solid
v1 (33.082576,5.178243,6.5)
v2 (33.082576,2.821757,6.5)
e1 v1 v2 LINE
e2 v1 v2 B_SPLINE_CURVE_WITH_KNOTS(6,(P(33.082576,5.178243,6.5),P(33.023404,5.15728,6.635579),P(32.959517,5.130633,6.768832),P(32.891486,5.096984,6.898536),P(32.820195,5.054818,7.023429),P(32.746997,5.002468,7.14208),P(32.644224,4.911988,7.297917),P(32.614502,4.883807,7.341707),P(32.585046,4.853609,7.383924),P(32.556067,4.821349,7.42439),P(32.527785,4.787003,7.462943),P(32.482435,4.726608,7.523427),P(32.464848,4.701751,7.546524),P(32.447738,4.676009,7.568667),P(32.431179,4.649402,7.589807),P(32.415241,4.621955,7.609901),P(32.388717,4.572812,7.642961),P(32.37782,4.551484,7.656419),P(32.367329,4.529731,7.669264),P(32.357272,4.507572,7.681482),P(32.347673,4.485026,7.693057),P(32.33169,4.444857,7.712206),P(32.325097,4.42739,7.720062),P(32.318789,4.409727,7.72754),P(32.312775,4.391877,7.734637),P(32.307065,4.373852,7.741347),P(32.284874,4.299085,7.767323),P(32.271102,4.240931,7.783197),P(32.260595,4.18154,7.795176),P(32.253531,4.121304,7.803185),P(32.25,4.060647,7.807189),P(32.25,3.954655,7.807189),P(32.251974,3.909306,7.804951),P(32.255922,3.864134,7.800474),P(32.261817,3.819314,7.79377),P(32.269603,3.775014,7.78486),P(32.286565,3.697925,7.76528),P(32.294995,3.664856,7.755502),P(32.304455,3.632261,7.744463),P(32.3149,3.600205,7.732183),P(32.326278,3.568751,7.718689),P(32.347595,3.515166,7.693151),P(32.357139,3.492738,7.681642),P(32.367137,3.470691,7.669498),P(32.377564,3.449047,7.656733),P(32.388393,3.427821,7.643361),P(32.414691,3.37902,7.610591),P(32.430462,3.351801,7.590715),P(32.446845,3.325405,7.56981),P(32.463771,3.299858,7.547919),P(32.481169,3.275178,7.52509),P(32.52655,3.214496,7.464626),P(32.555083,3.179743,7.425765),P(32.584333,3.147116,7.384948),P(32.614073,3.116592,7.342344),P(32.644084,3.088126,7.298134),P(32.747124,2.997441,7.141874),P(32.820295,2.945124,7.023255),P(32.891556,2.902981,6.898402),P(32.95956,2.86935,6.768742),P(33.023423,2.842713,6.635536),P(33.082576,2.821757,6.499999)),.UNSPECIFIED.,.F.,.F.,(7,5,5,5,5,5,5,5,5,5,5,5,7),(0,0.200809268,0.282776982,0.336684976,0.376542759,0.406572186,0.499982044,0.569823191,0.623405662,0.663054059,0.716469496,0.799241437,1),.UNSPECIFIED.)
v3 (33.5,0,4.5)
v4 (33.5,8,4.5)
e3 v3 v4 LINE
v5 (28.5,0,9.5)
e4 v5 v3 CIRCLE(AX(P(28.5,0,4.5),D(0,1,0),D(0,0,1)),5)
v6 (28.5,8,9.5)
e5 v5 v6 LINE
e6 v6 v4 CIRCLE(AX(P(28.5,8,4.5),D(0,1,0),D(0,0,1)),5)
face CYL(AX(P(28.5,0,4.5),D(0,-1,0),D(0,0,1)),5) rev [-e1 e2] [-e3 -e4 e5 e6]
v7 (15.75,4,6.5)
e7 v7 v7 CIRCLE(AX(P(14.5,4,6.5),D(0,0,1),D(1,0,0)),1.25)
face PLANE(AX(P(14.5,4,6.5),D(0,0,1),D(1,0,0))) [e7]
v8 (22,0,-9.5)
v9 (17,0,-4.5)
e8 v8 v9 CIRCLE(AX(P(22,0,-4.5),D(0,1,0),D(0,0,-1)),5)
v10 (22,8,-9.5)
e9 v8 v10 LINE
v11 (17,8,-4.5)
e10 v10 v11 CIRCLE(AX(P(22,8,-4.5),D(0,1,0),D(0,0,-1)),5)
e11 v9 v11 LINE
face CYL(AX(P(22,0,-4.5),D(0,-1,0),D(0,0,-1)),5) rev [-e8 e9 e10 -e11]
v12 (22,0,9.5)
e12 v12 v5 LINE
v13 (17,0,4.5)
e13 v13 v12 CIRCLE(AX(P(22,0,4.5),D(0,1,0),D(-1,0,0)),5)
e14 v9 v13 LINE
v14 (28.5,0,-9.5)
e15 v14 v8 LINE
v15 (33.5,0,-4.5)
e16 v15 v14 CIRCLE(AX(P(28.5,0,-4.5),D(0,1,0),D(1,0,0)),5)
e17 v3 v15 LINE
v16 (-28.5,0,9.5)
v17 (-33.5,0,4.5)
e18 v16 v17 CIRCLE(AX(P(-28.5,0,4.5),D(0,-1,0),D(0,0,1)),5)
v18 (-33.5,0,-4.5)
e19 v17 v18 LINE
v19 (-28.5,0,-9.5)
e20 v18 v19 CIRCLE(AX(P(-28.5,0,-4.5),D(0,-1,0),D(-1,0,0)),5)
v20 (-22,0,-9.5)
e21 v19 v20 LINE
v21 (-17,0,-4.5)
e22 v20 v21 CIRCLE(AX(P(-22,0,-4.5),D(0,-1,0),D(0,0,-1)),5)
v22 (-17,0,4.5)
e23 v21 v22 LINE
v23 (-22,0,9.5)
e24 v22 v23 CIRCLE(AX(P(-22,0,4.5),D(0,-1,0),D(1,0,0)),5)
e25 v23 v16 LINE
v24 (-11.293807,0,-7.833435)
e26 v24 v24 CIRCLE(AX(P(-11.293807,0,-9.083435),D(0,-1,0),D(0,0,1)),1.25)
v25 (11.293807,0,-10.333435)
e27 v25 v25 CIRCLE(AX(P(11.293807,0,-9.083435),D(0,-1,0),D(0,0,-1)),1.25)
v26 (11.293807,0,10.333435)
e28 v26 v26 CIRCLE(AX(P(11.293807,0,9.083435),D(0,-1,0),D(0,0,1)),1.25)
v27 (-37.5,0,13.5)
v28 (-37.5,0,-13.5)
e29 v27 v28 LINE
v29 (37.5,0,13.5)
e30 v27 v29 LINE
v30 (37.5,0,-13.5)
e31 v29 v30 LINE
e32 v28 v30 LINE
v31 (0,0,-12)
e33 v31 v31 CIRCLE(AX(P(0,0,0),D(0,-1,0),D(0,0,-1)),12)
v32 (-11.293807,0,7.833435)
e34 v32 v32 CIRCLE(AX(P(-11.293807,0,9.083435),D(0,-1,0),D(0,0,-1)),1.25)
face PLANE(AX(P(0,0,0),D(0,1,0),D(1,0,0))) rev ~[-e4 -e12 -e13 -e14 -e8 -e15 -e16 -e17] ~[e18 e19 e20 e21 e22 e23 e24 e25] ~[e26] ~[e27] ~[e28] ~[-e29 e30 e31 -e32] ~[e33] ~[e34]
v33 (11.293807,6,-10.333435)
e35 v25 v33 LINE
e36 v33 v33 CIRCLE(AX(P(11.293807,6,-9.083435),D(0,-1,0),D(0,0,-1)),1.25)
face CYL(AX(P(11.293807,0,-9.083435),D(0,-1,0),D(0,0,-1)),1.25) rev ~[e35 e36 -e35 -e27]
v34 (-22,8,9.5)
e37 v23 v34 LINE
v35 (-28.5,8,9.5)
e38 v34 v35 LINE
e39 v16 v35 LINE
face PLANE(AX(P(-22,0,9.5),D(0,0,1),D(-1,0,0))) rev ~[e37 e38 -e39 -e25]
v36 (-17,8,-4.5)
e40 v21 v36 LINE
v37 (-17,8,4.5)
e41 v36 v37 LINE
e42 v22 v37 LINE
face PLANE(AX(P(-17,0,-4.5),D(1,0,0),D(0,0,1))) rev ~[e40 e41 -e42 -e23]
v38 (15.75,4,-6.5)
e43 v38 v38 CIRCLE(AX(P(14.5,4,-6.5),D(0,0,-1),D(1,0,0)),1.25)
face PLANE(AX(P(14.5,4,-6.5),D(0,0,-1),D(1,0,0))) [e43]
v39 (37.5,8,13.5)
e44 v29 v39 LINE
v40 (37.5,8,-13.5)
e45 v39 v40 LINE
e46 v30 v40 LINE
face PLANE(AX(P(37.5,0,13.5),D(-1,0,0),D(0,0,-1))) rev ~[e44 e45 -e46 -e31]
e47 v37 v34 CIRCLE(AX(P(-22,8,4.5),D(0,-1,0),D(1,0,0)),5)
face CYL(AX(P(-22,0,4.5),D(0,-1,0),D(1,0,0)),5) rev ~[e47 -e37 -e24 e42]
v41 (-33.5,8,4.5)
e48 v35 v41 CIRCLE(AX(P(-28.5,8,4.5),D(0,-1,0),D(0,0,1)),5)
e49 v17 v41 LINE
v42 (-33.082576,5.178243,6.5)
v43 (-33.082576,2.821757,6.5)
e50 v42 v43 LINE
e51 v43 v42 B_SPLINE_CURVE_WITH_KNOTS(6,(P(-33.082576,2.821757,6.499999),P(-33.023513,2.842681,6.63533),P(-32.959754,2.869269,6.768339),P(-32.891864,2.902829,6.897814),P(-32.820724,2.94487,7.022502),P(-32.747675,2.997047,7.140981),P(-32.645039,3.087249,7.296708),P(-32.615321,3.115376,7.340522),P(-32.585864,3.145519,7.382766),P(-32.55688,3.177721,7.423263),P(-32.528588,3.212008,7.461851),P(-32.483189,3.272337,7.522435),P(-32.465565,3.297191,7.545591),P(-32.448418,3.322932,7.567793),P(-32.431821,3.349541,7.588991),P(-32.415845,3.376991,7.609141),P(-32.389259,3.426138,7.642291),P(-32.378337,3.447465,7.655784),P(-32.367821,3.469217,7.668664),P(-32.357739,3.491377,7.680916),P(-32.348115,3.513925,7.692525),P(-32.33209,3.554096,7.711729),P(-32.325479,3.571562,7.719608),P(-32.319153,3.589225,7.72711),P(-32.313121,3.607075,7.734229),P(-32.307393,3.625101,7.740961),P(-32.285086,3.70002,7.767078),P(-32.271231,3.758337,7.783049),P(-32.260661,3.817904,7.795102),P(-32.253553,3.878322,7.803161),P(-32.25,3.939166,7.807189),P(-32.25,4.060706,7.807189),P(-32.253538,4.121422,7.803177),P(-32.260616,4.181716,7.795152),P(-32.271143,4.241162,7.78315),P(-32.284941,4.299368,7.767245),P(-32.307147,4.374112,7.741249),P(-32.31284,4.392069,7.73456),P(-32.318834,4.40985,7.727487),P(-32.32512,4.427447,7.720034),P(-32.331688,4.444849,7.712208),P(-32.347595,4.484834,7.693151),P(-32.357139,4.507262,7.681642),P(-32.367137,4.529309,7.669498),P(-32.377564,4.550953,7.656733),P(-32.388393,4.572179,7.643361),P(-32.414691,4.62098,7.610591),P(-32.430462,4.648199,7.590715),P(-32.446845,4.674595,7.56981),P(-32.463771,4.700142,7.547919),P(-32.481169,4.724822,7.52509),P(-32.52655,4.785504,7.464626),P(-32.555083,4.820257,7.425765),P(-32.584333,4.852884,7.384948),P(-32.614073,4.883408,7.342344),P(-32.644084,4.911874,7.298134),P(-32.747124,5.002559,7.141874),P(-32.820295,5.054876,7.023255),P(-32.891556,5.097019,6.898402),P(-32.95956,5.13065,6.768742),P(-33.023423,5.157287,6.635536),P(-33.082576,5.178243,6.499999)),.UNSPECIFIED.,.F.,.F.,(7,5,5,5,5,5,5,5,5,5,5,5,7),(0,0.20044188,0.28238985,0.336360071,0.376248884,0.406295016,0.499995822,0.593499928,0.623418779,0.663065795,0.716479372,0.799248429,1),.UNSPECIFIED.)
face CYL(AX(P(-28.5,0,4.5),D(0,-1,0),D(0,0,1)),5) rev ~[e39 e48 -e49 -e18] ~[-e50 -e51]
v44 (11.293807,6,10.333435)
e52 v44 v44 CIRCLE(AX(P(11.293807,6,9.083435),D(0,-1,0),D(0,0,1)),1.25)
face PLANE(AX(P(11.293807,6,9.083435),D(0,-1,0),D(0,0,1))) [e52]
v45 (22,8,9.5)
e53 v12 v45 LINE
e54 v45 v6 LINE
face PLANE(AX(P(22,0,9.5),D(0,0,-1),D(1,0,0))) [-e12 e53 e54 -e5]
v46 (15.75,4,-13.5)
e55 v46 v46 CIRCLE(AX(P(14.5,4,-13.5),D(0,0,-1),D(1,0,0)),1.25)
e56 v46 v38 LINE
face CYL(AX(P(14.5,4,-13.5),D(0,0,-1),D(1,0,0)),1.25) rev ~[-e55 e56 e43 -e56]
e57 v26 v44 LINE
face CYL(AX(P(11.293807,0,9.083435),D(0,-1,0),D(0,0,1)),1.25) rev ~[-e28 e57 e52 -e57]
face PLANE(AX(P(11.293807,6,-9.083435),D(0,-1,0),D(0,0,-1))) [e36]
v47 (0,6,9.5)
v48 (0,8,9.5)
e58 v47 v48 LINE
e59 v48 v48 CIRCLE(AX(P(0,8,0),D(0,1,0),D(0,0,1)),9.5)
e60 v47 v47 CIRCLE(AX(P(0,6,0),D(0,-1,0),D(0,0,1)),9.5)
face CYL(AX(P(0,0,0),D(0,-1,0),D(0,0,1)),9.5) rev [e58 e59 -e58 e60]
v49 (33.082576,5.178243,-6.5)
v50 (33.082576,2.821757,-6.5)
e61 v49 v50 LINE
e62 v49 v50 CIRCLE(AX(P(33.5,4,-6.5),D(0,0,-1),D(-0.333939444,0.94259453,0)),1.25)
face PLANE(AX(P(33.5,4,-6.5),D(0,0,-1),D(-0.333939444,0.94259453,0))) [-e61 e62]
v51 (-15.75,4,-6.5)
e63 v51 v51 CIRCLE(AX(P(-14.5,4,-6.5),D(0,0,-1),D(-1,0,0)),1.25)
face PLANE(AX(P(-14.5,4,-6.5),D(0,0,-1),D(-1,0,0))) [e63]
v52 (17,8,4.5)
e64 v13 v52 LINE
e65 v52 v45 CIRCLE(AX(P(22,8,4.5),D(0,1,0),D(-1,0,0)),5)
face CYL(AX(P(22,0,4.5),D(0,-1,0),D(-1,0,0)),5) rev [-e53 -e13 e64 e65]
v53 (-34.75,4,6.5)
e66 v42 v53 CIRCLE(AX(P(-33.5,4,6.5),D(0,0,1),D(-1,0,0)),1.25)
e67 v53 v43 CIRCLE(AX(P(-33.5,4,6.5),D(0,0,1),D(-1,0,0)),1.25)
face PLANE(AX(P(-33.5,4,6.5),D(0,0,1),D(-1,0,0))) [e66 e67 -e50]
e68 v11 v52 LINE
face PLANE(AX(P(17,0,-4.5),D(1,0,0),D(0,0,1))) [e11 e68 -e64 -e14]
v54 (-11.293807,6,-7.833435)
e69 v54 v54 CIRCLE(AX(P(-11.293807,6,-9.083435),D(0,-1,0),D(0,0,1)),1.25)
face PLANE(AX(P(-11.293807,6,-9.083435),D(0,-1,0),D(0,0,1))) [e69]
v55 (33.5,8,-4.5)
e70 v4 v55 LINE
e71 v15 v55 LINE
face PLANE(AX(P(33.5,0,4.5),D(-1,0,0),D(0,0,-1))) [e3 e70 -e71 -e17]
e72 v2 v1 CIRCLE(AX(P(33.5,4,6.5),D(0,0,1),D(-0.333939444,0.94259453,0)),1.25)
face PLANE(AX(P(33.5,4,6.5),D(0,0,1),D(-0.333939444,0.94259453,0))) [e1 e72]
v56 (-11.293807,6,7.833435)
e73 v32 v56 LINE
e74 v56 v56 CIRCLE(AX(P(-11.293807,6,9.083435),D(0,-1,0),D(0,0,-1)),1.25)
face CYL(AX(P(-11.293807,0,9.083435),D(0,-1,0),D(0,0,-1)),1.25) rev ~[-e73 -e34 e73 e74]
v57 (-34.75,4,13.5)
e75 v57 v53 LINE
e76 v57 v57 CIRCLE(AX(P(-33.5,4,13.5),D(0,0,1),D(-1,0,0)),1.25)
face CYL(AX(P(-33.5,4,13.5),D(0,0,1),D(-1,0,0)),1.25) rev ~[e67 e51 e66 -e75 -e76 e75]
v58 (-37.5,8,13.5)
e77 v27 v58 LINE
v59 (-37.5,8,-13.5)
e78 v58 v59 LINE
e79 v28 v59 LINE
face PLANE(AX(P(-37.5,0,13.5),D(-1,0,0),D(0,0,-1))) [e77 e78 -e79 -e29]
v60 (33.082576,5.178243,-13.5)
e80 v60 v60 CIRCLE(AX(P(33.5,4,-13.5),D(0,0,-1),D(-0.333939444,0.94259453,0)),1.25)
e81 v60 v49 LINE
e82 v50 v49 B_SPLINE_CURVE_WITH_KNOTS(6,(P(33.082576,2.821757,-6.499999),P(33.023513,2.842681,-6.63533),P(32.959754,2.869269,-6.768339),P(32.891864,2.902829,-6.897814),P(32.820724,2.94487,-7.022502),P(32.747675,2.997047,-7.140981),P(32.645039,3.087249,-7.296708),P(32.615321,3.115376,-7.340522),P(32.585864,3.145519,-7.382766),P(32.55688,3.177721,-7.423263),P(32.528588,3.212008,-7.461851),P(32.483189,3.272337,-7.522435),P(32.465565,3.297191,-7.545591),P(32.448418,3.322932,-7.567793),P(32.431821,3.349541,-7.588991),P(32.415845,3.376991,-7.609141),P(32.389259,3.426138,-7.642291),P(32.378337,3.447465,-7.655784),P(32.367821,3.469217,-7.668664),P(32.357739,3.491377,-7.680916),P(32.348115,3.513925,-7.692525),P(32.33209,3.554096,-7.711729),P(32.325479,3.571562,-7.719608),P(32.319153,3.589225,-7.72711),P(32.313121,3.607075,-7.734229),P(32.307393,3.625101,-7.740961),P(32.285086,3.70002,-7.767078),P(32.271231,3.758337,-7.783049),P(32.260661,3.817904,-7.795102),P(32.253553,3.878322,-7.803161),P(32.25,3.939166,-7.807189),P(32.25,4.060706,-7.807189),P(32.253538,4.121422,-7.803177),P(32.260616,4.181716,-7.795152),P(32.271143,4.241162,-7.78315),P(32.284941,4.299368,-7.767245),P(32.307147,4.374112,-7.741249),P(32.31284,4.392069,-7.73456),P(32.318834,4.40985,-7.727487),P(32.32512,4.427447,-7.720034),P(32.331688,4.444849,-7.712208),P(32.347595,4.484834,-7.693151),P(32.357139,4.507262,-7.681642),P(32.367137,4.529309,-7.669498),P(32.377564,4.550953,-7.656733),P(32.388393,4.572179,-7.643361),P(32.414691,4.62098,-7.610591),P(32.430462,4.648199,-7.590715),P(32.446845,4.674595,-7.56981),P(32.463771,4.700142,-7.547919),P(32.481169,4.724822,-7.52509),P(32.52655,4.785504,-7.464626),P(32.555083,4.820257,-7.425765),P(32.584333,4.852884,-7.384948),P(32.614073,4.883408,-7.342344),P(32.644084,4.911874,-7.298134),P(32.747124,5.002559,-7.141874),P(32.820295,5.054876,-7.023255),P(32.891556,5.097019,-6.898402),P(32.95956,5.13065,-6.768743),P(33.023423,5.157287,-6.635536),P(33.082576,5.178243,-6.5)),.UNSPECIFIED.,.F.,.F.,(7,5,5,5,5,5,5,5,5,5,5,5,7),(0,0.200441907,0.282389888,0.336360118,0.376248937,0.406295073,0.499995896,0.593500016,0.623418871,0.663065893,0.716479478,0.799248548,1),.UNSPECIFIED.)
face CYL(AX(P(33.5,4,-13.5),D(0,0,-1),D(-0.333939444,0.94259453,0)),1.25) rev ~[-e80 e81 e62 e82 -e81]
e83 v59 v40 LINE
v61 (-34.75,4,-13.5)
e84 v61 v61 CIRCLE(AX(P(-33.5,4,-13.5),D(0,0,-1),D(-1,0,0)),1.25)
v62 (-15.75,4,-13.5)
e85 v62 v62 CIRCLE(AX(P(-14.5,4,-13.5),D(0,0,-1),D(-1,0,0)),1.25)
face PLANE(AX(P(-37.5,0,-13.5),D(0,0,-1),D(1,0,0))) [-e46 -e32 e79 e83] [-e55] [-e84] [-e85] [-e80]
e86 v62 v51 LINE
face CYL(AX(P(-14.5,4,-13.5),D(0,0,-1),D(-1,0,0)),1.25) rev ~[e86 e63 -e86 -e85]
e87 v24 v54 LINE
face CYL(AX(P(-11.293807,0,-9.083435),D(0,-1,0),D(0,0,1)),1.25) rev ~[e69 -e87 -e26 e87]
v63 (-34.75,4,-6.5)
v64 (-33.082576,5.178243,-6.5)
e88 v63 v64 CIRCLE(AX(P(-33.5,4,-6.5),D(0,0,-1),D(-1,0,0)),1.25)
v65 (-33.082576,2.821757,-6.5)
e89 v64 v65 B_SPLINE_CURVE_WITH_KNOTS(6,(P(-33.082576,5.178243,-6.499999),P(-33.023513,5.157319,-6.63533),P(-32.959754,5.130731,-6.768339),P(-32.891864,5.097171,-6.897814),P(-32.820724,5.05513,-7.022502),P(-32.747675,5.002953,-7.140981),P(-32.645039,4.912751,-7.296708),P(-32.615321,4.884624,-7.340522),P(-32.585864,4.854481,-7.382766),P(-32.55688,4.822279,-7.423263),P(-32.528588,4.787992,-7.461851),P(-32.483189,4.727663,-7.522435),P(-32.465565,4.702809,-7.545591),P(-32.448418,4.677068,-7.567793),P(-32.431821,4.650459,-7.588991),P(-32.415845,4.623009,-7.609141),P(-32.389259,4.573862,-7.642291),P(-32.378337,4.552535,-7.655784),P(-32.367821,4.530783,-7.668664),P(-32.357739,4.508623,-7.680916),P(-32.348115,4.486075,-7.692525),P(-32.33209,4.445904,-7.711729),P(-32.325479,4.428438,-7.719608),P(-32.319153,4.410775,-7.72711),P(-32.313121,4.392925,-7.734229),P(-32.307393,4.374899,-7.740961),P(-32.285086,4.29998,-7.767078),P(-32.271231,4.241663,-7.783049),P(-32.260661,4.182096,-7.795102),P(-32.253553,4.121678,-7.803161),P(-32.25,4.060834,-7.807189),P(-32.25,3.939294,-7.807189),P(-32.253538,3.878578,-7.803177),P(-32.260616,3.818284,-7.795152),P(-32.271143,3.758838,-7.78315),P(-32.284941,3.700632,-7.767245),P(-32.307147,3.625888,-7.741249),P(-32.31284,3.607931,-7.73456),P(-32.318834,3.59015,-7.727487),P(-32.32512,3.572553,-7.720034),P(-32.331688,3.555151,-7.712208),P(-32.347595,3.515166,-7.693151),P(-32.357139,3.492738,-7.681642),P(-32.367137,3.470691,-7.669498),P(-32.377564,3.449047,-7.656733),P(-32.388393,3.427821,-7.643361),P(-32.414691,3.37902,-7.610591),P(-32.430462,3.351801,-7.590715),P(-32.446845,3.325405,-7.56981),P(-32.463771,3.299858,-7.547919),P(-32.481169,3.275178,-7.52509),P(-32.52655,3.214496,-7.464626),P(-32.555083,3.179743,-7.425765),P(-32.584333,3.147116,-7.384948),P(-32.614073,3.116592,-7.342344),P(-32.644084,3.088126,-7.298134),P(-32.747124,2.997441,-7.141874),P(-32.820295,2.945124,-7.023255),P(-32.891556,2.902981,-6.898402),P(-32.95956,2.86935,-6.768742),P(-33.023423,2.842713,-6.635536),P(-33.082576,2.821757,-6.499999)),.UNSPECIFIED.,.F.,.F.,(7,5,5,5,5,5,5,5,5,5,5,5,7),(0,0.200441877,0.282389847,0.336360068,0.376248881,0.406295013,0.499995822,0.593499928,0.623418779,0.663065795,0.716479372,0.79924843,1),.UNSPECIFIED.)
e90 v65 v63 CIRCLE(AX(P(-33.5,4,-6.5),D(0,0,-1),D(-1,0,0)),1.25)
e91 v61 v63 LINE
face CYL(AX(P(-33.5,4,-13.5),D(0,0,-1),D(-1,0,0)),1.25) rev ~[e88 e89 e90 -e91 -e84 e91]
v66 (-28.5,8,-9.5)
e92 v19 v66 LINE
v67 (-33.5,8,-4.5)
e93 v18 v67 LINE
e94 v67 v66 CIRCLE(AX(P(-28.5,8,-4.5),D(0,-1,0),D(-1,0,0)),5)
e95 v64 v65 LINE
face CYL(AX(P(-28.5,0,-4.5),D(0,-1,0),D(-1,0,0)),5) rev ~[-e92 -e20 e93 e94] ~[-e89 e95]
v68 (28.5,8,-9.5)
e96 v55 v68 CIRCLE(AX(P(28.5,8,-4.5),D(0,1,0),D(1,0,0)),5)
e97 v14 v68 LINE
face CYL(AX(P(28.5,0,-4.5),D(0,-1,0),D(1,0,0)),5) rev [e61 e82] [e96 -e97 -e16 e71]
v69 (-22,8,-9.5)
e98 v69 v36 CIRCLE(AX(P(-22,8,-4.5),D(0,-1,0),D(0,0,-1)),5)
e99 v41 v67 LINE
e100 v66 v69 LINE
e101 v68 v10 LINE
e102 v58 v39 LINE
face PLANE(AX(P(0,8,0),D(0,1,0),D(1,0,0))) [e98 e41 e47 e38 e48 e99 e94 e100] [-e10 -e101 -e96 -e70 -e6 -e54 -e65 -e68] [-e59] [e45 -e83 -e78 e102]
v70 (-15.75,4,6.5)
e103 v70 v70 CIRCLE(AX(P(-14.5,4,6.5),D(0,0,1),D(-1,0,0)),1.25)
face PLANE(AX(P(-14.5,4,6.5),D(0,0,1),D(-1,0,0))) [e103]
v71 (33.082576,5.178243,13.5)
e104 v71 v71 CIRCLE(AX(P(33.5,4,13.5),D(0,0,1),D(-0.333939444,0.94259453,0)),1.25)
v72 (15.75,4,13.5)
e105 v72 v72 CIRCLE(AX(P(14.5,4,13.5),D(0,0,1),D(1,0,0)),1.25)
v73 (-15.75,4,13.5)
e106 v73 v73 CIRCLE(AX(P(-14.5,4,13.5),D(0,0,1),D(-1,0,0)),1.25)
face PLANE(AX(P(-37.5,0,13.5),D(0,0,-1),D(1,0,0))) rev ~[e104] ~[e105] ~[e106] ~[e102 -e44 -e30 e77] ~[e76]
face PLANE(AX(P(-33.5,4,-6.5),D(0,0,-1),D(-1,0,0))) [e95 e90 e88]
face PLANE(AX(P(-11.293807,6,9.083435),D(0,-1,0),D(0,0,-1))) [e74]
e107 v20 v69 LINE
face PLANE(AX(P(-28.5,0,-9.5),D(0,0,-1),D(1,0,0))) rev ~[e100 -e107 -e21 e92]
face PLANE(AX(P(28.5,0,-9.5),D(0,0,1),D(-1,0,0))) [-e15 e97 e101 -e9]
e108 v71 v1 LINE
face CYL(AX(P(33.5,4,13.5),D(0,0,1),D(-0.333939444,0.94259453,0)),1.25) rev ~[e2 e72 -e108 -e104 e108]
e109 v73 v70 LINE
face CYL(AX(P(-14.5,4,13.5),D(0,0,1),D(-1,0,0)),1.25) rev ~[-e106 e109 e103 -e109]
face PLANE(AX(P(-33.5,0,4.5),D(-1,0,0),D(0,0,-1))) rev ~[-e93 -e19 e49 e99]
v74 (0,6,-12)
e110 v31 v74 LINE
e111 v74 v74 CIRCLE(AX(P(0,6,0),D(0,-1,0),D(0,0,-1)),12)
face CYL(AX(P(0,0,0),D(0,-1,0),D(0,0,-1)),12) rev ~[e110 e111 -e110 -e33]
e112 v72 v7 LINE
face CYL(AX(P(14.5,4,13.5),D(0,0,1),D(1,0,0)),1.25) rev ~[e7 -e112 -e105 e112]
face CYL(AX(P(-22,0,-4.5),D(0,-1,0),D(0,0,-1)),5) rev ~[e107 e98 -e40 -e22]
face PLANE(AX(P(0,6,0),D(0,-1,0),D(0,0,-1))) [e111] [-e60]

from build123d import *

# Parameters (mm, degrees)
SKETCH_1_W           = 75
SKETCH_1_H           = 27
SKETCH_1_R           = 9.5
EXTRUDE_1_DEPTH      = 8
SKETCH_9_R           = 12
CUT_EXTRUDE_7_DEPTH  = 6
SKETCH_11_R          = 1.25
CUT_EXTRUDE_8_DEPTH  = 7
SKETCH_12_R          = 1.25
CUT_EXTRUDE_9_DEPTH  = 7
SKETCH_13_R          = 1.25
CUT_EXTRUDE_10_DEPTH = 6


with BuildPart() as part:
    # Эскиз1 → Бобышка-Вытянуть1 (new body)
    with BuildSketch(Plane(origin=(0, 0, 0), x_dir=(1, 0, 0), z_dir=(0, 1, 0))):
        Rectangle(SKETCH_1_W, SKETCH_1_H)
        with Locations(Location((0, 0, 0), (0, 0, 270))):  # turned: the seam where the file's is
            Circle(SKETCH_1_R, mode=Mode.SUBTRACT)
        with BuildLine():
            Line((-28.5, 9.5), (-22, 9.5))
            ThreePointArc((-22, 9.5), (-18.464466094, 8.035533906), (-17, 4.5))
            Line((-17, 4.5), (-17, -4.5))
            ThreePointArc((-17, -4.5), (-18.464466094, -8.035533906), (-22, -9.5))
            Line((-22, -9.5), (-28.5, -9.5))
            ThreePointArc((-28.5, -9.5), (-32.035533906, -8.035533906), (-33.5, -4.5))
            Line((-33.5, -4.5), (-33.5, 4.5))
            ThreePointArc((-33.5, 4.5), (-32.035533906, 8.035533906), (-28.5, 9.5))
        make_face(mode=Mode.SUBTRACT)
        with BuildLine():
            Line((28.5, 9.5), (22, 9.5))
            ThreePointArc((22, 9.5), (18.464466094, 8.035533906), (17, 4.5))
            Line((17, 4.5), (17, -4.5))
            ThreePointArc((17, -4.5), (18.464466094, -8.035533906), (22, -9.5))
            Line((22, -9.5), (28.5, -9.5))
            ThreePointArc((28.5, -9.5), (32.035533906, -8.035533906), (33.5, -4.5))
            Line((33.5, -4.5), (33.5, 4.5))
            ThreePointArc((33.5, 4.5), (32.035533906, 8.035533906), (28.5, 9.5))
        make_face(mode=Mode.SUBTRACT)
    extrude(amount=EXTRUDE_1_DEPTH)

    # Эскиз9 → Вырез-Вытянуть7 (cut)
    with BuildSketch(Plane.XZ):
        with Locations(Location((0, 0, 0), (0, 0, 270))):  # turned: the seam where the file's is
            Circle(SKETCH_9_R)
    extrude(amount=-CUT_EXTRUDE_7_DEPTH, mode=Mode.SUBTRACT)

    # Эскиз11 → Вырез-Вытянуть8 (cut)
    with BuildSketch(Plane(origin=(0, 0, -13.5), x_dir=(-1, 0, 0), z_dir=(0, 0, -1))):
        with Locations((14.5, 4)):
            Circle(SKETCH_11_R)
        with Locations((33.5, 4)):
            Circle(SKETCH_11_R)
        with Locations(Location((-33.5, 4, 0), (0, 0, 70.49194101))):  # turned: the seam where the file's is
            Circle(SKETCH_11_R)
        with Locations(Location((-14.5, 4, 0), (0, 0, 180))):  # turned: the seam where the file's is
            Circle(SKETCH_11_R)
    extrude(amount=-CUT_EXTRUDE_8_DEPTH, mode=Mode.SUBTRACT)

    # Эскиз12 → Вырез-Вытянуть9 (cut)
    with BuildSketch(Plane.XY.offset(13.5)):
        with Locations(Location((-14.5, 4, 0), (0, 0, 180))):  # turned: the seam where the file's is
            Circle(SKETCH_12_R)
        with Locations(Location((-33.5, 4, 0), (0, 0, 180))):  # turned: the seam where the file's is
            Circle(SKETCH_12_R)
        with Locations((14.5, 4)):
            Circle(SKETCH_12_R)
        with Locations(Location((33.5, 4, 0), (0, 0, 109.50805899))):  # turned: the seam where the file's is
            Circle(SKETCH_12_R)
    extrude(amount=-CUT_EXTRUDE_9_DEPTH, mode=Mode.SUBTRACT)

    # Эскиз13 → Вырез-Вытянуть10 (cut)
    with BuildSketch(Plane.XZ):
        with Locations(Location((-11.29380733, 9.083435331, 0), (0, 0, 270))):  # turned: the seam where the file's is
            Circle(SKETCH_13_R)
        with Locations(Location((11.29380733, 9.083435331, 0), (0, 0, 90))):  # turned: the seam where the file's is
            Circle(SKETCH_13_R)
        with Locations(Location((11.29380733, -9.083435331, 0), (0, 0, 270))):  # turned: the seam where the file's is
            Circle(SKETCH_13_R)
        with Locations(Location((-11.29380733, -9.083435331, 0), (0, 0, 90))):  # turned: the seam where the file's is
            Circle(SKETCH_13_R)
    extrude(amount=-CUT_EXTRUDE_10_DEPTH, mode=Mode.SUBTRACT)


solid = part.part
